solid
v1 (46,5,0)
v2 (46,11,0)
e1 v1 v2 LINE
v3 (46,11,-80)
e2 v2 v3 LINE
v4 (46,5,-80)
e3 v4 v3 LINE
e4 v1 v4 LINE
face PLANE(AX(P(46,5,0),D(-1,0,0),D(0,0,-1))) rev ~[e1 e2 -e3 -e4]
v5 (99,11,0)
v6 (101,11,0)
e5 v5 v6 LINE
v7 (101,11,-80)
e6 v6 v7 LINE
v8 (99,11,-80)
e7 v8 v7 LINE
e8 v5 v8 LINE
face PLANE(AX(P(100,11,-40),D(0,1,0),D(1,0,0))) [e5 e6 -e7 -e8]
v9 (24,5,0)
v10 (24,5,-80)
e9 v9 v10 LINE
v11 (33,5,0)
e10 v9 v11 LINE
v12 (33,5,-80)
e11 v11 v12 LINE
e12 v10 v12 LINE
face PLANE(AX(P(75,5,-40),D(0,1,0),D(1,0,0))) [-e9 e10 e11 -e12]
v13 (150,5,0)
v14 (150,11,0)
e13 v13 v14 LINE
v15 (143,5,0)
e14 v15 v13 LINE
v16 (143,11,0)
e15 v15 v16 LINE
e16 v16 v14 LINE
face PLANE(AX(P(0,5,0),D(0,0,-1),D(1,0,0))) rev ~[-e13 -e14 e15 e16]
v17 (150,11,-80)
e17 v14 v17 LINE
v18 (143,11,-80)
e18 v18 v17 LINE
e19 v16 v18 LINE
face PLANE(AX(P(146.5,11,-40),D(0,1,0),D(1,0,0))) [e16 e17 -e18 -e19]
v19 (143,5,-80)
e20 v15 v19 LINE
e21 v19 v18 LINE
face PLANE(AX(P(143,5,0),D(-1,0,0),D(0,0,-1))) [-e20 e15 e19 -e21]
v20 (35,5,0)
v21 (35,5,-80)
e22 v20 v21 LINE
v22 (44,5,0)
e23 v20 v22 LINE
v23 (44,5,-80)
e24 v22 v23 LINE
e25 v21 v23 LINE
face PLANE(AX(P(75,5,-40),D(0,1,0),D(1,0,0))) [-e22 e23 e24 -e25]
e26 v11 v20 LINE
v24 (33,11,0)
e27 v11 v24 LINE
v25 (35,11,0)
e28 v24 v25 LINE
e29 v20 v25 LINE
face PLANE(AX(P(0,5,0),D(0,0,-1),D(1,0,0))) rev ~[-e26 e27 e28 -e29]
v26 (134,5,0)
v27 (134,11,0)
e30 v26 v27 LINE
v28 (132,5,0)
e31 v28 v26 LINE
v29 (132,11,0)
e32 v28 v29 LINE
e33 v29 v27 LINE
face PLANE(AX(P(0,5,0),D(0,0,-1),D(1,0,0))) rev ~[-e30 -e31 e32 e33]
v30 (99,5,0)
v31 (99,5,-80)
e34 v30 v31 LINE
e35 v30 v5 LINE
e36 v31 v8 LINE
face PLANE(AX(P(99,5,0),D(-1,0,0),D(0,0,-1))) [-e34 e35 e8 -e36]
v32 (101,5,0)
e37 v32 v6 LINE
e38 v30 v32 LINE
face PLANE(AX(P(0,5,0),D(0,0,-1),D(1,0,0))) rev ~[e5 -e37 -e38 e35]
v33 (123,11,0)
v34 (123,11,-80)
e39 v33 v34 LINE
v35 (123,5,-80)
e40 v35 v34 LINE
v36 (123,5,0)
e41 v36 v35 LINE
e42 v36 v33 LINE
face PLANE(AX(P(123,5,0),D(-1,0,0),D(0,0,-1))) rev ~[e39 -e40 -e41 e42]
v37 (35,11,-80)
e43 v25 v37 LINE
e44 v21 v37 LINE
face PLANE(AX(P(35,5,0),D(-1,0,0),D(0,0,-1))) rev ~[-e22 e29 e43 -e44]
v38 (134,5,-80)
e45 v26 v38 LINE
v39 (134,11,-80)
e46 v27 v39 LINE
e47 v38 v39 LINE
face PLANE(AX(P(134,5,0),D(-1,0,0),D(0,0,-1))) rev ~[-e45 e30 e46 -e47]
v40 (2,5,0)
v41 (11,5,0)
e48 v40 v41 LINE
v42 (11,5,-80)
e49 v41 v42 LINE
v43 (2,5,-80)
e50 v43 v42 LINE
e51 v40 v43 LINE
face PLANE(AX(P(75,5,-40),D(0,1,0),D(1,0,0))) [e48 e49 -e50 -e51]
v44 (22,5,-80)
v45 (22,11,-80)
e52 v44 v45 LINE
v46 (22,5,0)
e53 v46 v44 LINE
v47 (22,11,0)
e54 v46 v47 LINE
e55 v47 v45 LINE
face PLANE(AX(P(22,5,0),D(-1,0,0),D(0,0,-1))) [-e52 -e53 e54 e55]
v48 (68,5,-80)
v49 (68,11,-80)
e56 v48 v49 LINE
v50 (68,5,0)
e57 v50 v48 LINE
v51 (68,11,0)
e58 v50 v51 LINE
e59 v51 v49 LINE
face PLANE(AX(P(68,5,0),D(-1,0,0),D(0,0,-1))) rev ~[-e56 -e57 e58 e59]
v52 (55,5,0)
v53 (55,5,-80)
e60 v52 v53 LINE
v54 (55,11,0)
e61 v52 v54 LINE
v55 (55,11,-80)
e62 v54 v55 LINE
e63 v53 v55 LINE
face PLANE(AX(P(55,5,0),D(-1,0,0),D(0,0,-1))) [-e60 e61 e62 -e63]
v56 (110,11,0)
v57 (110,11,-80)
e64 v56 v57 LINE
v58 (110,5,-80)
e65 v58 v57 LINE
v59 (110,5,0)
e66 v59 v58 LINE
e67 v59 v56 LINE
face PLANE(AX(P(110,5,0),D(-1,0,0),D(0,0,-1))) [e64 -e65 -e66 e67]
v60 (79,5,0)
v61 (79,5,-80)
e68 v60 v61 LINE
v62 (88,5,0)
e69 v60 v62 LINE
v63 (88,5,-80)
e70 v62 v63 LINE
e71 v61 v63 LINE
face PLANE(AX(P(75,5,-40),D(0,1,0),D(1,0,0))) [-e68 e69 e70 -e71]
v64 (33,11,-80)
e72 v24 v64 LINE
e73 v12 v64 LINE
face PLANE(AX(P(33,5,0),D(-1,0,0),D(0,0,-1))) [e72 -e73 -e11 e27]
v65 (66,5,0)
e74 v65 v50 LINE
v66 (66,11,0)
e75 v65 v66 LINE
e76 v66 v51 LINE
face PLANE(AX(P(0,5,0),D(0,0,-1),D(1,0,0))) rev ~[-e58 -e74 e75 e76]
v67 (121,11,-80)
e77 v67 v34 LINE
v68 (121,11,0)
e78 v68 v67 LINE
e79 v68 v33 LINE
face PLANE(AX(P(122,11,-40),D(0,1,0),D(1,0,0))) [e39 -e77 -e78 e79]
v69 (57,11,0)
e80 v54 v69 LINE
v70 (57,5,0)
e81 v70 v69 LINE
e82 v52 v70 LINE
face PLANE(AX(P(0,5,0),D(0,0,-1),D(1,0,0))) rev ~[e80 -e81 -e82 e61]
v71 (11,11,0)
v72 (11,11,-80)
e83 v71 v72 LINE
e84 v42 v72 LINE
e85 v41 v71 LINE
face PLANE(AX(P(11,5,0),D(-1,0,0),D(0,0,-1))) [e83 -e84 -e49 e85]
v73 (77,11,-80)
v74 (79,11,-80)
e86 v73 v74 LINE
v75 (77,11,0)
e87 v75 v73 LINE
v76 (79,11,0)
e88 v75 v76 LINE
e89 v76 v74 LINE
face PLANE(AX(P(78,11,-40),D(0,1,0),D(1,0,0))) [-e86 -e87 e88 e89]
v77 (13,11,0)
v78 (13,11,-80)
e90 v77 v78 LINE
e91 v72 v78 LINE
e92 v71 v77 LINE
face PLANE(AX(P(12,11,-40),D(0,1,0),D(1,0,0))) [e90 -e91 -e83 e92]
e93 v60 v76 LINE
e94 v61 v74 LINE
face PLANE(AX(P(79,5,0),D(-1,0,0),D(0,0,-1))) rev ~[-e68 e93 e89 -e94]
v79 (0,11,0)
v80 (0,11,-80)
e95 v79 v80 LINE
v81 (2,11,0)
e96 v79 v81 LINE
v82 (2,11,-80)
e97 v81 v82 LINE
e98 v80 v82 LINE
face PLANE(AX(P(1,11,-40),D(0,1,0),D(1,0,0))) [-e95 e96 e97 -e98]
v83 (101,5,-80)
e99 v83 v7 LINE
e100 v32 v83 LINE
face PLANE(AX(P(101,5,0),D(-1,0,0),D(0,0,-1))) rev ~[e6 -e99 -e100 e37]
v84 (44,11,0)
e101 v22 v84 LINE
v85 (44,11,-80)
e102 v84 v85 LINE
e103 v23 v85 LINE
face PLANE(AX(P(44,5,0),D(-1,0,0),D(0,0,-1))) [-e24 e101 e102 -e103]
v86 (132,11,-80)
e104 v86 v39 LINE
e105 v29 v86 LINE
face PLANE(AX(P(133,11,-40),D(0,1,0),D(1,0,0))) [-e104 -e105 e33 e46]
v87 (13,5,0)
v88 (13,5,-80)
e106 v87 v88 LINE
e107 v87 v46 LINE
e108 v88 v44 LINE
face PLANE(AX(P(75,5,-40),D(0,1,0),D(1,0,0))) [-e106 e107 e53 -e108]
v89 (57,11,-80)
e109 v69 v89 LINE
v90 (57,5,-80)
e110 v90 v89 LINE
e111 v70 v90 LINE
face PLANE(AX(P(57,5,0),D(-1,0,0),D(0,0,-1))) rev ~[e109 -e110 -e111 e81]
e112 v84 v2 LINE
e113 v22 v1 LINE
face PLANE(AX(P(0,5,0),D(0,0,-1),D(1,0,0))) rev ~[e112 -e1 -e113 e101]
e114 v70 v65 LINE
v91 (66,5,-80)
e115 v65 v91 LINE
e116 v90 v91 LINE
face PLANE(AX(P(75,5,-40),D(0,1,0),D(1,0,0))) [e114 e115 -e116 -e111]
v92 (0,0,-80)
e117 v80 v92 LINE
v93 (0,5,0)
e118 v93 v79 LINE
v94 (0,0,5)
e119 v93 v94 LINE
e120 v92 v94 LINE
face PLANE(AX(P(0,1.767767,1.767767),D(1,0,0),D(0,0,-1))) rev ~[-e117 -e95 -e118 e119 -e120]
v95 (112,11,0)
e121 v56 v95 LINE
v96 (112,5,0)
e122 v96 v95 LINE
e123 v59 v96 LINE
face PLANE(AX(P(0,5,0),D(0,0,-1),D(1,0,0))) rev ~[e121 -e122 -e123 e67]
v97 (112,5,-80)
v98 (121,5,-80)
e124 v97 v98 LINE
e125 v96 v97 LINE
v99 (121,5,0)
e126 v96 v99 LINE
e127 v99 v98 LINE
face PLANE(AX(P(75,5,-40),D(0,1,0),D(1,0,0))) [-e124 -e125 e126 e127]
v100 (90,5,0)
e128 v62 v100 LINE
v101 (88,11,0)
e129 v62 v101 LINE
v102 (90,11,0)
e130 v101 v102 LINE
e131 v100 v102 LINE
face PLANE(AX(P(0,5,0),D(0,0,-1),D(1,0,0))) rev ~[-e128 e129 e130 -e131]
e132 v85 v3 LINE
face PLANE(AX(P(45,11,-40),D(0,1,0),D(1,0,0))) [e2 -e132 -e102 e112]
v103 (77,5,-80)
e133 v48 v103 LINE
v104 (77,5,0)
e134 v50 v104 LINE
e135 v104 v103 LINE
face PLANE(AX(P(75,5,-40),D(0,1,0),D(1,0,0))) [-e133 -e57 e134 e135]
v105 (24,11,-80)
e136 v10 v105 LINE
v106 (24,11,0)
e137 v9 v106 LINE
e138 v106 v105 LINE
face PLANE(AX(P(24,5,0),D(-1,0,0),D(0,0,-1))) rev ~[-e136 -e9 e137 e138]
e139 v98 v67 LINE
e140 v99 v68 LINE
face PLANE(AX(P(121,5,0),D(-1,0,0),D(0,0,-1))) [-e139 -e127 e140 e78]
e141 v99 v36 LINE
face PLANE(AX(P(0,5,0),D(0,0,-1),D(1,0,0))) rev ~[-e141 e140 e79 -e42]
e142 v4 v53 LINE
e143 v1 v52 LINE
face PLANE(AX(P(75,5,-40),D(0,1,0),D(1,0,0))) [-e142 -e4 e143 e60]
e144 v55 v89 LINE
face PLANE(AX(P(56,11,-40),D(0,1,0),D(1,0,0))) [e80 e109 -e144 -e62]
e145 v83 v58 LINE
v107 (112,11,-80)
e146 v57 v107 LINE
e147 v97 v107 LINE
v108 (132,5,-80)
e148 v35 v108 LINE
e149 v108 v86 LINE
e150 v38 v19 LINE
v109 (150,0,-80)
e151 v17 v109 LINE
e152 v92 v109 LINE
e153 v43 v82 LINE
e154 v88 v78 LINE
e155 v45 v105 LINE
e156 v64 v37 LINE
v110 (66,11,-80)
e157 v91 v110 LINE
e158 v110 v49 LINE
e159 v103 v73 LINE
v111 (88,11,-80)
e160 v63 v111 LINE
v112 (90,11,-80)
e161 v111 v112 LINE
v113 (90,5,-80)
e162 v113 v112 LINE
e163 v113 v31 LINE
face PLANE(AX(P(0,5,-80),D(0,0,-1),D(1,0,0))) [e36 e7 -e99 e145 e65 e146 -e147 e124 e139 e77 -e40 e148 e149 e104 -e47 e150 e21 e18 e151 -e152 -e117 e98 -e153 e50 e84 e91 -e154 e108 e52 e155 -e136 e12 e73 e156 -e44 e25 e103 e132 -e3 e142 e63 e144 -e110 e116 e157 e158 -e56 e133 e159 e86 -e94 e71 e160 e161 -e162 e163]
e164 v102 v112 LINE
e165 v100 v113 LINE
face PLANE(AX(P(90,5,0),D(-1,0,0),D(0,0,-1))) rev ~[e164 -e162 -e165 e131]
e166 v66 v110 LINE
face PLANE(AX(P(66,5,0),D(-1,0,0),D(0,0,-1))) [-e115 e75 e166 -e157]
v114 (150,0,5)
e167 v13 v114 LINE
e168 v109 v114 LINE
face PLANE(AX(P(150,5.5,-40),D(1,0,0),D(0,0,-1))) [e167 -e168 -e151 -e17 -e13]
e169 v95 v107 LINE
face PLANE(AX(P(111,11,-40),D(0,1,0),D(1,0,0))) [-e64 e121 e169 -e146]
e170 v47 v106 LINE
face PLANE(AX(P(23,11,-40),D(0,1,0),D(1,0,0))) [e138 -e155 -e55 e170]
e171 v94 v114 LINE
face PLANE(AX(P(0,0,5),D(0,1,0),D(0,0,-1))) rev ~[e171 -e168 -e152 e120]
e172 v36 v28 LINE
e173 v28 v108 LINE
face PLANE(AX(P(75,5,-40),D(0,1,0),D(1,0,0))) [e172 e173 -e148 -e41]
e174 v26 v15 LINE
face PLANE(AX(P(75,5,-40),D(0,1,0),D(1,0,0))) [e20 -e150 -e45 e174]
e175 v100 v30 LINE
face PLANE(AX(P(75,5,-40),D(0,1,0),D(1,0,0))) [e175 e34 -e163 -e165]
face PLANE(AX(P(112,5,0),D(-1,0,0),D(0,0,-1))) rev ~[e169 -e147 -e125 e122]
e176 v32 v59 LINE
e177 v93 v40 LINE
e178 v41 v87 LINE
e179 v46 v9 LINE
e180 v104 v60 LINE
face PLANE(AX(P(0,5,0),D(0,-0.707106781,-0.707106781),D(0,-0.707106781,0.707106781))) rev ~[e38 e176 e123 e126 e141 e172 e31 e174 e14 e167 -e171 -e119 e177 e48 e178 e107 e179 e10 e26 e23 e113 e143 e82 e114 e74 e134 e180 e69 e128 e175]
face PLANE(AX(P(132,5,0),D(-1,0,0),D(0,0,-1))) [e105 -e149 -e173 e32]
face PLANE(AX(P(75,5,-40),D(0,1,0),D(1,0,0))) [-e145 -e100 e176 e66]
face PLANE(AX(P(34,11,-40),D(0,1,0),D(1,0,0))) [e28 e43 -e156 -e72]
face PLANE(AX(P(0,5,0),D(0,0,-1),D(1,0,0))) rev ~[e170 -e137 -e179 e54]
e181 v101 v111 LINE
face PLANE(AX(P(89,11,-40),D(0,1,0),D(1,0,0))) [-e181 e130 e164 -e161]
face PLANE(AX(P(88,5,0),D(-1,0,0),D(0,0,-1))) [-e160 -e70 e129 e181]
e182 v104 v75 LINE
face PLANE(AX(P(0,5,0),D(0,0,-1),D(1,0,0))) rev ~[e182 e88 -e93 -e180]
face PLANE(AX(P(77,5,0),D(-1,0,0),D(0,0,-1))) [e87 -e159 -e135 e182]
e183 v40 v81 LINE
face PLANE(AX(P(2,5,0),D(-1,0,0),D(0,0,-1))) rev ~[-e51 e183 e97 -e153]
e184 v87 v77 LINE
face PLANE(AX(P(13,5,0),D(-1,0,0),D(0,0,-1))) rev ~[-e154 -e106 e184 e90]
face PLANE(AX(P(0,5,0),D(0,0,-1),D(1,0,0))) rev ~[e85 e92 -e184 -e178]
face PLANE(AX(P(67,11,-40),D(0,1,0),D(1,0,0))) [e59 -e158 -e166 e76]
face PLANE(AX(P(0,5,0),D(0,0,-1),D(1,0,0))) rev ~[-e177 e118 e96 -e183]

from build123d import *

# Parameters (mm, degrees)
SKETCH1_W           = 150
SKETCH1_H           = 80
BOSS_EXTRUDE1_DEPTH = 5
SKETCH2_W           = 2
SKETCH2_H           = 80
SKETCH2_W_2         = 7
BOSS_EXTRUDE2_DEPTH = 6
BOSS_EXTRUDE3_REACH = 172.356


with BuildPart() as part:
    # Sketch1 → Boss-Extrude1 (new body)
    with BuildSketch(Plane(origin=(0, 0, 0), x_dir=(1, 0, 0), z_dir=(0, 1, 0))):
        with Locations((75, 40)):
            Rectangle(SKETCH1_W, SKETCH1_H)
    extrude(amount=BOSS_EXTRUDE1_DEPTH)

    # Sketch2 → Boss-Extrude2 (add)
    with BuildSketch(Plane(origin=(0, 5, 0), x_dir=(1, 0, 0), z_dir=(0, 1, 0))):
        with Locations((1, 40)):
            Rectangle(SKETCH2_W, SKETCH2_H)
        with Locations((12, 40)):
            Rectangle(SKETCH2_W, SKETCH2_H)
        with Locations((23, 40)):
            Rectangle(SKETCH2_W, SKETCH2_H)
        with Locations((34, 40)):
            Rectangle(SKETCH2_W, SKETCH2_H)
        with Locations((45, 40)):
            Rectangle(SKETCH2_W, SKETCH2_H)
        with Locations((56, 40)):
            Rectangle(SKETCH2_W, SKETCH2_H)
        with Locations((67, 40)):
            Rectangle(SKETCH2_W, SKETCH2_H)
        with Locations((78, 40)):
            Rectangle(SKETCH2_W, SKETCH2_H)
        with Locations((89, 40)):
            Rectangle(SKETCH2_W, SKETCH2_H)
        with Locations((100, 40)):
            Rectangle(SKETCH2_W, SKETCH2_H)
        with Locations((111, 40)):
            Rectangle(SKETCH2_W, SKETCH2_H)
        with Locations((122, 40)):
            Rectangle(SKETCH2_W, SKETCH2_H)
        with Locations((133, 40)):
            Rectangle(SKETCH2_W, SKETCH2_H)
        with Locations((146.5, 40)):
            Rectangle(SKETCH2_W_2, SKETCH2_H)
    extrude(amount=BOSS_EXTRUDE2_DEPTH)

    # Boss-Extrude3: up to this face of the body (flat: up to its plane)
    boss_extrude3_end = Plane(part.part.faces().sort_by_distance((150, 5.5, -40))[0])
    # Sketch3 → Boss-Extrude3 (add, up to the picked face)
    with BuildSketch(Plane.ZY, mode=Mode.PRIVATE) as boss_extrude3_sk1:
        Polygon((0, 0), (0, 5), (5, 0), align=None)
    boss_extrude3_tool1 = split(extrude(boss_extrude3_sk1.sketch, amount=-BOSS_EXTRUDE3_REACH, mode=Mode.PRIVATE), bisect_by=boss_extrude3_end, keep=Keep.BOTH, mode=Mode.PRIVATE)
    add(boss_extrude3_tool1.solids().sort_by(Axis((0, 1.666667, 1.666667), (1, 0, 0)))[0])


solid = part.part
